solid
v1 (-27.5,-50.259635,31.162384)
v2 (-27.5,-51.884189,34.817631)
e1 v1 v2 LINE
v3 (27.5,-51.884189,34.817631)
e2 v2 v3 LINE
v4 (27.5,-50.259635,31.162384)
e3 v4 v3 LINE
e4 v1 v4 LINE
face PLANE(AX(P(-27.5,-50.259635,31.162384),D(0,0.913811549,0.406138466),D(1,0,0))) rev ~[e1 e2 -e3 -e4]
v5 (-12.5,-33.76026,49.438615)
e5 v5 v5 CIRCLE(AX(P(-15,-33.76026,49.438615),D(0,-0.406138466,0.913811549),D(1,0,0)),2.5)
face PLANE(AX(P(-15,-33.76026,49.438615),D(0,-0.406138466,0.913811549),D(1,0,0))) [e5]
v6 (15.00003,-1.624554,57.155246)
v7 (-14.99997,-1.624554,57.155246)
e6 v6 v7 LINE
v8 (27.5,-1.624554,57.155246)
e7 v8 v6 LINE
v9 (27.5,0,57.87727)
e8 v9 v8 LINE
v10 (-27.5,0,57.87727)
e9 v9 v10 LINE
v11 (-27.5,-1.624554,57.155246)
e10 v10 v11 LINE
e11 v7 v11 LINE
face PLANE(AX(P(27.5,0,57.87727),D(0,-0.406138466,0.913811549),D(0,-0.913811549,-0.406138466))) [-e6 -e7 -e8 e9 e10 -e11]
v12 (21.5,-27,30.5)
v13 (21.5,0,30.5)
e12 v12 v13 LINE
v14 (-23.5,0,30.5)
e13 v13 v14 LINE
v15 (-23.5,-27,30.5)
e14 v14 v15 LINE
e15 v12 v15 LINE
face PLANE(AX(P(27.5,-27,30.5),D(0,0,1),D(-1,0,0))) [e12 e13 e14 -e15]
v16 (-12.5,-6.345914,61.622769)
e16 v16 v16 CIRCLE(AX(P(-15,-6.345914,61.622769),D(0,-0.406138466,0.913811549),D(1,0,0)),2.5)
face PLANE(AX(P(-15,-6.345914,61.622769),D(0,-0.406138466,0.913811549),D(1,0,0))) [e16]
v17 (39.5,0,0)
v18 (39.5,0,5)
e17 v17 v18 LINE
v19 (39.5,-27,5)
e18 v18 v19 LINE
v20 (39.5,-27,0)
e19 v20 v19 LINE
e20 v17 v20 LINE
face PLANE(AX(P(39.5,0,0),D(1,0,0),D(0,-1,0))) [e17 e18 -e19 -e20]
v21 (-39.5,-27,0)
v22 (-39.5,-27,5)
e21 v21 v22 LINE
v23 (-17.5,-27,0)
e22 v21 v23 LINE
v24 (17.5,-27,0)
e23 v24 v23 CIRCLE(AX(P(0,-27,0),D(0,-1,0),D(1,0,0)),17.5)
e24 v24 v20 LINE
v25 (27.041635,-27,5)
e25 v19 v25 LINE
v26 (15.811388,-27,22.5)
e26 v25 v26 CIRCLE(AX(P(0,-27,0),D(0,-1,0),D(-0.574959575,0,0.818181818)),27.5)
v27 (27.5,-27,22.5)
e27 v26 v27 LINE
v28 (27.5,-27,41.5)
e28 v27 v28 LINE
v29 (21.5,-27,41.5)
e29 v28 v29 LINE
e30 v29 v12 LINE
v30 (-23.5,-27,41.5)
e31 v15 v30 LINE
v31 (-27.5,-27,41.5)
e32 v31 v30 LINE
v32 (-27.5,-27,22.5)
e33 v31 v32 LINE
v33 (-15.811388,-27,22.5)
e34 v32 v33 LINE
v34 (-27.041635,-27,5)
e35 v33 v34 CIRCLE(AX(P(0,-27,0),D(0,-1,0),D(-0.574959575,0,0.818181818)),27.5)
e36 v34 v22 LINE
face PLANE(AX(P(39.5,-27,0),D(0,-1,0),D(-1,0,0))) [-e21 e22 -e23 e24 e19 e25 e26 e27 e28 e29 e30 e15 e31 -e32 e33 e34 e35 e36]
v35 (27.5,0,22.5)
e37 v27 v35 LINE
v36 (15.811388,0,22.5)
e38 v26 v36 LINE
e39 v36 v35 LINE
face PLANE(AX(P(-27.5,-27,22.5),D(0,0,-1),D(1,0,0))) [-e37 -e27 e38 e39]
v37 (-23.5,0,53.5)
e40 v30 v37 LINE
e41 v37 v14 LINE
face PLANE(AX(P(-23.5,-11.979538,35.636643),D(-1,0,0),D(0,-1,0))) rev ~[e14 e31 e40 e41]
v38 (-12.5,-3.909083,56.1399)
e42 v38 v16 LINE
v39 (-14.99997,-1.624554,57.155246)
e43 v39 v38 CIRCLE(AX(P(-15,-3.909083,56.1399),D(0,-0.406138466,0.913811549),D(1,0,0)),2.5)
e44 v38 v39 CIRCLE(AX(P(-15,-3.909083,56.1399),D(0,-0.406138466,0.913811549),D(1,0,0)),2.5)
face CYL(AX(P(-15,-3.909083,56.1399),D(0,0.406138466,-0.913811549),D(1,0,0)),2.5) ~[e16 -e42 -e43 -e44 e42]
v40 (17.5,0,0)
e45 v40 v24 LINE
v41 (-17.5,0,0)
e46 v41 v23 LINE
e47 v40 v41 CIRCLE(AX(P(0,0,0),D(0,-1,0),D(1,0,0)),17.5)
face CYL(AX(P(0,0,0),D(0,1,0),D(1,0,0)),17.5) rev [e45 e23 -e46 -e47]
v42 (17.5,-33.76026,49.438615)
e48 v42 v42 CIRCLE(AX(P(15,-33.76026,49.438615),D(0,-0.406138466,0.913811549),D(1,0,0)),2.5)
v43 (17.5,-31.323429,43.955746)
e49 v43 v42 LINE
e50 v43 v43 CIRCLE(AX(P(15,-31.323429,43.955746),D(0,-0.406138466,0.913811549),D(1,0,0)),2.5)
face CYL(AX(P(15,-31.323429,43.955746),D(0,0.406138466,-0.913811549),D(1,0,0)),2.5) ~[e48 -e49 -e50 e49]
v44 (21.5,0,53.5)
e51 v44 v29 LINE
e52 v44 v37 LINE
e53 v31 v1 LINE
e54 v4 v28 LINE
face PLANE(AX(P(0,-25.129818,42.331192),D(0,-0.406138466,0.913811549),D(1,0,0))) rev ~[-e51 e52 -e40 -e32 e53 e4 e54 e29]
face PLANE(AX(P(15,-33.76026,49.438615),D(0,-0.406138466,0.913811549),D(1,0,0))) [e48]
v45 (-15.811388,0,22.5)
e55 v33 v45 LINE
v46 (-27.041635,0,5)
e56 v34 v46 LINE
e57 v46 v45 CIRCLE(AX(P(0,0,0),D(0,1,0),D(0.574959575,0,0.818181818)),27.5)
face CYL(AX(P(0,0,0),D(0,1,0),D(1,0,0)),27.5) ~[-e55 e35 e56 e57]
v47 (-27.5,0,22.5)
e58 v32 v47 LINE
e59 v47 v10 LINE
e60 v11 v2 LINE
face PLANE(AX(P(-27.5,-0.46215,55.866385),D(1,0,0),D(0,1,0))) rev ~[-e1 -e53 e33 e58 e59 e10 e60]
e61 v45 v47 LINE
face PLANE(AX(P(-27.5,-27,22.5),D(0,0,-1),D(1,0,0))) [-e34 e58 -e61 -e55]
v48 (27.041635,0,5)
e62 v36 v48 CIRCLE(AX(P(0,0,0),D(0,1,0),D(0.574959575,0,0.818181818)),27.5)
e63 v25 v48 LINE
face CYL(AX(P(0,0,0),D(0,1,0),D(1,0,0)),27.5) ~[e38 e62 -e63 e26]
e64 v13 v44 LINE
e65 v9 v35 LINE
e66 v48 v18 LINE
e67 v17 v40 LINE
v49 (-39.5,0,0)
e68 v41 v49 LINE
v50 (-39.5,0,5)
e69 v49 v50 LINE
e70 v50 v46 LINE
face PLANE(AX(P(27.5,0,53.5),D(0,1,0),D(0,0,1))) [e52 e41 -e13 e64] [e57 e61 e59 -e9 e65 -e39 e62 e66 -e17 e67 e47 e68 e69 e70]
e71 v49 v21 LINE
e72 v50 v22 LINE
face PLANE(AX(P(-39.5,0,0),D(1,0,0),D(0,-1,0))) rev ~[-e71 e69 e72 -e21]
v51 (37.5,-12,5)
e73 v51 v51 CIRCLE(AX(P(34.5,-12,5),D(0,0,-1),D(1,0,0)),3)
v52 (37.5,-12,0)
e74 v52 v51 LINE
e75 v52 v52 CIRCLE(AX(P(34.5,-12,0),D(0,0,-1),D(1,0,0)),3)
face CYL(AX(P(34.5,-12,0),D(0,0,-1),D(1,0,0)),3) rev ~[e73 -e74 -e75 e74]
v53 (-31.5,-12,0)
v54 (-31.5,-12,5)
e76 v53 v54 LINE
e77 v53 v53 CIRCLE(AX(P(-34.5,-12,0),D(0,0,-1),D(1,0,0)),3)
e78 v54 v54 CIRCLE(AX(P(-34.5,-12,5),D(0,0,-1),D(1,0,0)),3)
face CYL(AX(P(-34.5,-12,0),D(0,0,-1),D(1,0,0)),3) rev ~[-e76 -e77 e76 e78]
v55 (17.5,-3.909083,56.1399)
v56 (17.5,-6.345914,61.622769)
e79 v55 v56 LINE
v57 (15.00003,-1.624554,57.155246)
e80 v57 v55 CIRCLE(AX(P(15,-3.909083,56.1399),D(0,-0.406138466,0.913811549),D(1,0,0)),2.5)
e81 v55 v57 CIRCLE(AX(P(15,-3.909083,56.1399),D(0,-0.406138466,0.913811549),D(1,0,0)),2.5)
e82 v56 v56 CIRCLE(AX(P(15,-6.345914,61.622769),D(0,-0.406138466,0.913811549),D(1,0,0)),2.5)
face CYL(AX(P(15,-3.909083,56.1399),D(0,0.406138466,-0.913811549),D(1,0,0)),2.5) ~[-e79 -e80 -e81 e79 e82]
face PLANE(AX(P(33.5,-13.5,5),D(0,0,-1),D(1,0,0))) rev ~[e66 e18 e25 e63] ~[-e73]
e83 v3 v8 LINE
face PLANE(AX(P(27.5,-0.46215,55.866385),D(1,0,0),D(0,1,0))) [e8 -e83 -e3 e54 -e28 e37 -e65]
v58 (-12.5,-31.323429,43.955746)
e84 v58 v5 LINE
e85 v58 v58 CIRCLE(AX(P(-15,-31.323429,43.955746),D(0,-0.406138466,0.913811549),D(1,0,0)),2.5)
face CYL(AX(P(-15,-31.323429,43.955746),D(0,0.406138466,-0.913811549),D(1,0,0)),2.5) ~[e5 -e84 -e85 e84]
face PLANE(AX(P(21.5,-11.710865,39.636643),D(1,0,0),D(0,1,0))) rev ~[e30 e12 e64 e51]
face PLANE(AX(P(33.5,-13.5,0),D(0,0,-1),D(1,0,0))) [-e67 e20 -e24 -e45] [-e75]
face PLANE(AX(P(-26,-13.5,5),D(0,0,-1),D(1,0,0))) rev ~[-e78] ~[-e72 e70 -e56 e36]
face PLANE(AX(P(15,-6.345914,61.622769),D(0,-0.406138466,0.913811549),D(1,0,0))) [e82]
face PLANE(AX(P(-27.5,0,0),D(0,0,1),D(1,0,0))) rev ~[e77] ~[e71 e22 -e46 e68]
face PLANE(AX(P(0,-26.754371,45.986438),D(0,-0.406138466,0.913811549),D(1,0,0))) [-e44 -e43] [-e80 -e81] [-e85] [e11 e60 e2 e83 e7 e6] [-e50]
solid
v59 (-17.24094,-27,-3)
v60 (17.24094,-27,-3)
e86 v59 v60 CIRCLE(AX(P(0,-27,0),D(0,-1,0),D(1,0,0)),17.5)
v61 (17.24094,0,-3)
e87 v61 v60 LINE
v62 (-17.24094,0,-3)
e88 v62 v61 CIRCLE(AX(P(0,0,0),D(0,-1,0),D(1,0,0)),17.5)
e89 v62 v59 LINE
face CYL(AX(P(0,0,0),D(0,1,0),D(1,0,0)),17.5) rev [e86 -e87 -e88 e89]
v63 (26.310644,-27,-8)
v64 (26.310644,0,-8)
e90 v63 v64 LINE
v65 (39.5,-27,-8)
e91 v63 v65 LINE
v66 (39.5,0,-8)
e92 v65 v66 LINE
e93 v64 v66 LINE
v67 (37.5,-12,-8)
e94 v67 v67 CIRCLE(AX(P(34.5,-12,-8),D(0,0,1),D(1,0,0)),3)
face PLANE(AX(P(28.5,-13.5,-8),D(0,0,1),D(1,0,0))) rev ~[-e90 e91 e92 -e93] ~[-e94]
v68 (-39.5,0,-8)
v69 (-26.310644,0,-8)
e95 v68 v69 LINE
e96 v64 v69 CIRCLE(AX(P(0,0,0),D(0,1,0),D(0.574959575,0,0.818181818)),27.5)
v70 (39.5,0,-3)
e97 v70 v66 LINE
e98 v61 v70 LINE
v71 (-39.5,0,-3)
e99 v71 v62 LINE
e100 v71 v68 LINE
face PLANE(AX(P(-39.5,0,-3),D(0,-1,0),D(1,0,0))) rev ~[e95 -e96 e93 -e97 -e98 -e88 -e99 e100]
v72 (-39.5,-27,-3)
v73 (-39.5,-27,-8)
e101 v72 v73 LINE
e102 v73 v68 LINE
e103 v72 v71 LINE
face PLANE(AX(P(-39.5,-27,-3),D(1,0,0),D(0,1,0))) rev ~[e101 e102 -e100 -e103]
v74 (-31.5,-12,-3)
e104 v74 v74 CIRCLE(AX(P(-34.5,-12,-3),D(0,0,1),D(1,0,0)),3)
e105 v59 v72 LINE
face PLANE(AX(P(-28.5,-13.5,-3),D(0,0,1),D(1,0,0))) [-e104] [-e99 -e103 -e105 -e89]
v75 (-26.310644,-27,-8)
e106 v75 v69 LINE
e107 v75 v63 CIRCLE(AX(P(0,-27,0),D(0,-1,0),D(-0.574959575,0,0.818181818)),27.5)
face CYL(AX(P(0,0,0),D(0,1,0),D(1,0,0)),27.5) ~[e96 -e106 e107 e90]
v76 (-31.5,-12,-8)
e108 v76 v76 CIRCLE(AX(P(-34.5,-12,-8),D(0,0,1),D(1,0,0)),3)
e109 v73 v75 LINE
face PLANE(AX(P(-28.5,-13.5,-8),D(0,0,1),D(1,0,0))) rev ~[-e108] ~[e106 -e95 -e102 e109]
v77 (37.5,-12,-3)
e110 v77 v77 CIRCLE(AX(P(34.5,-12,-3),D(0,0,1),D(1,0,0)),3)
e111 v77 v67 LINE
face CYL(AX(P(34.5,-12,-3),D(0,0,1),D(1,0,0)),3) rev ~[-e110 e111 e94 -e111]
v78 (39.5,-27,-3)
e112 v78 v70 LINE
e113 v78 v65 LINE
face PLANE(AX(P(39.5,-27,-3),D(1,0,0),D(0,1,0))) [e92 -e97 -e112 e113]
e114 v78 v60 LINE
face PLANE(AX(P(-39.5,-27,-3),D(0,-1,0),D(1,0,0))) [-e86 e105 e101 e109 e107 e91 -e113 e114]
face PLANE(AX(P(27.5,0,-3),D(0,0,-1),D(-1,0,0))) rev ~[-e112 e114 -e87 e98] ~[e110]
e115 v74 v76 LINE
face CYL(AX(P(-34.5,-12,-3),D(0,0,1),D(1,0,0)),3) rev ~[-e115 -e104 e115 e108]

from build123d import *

# Parameters (mm, degrees)
F0_R      = 27.5
F0_R_2    = 17.5
F1_DEPTH  = 27
F3_DEPTH  = 27
F5_DEPTH  = 6
F7_DEPTH  = 4
F9_DEPTH  = 27.001
F10_W     = 12
F10_H     = 27
F10_R     = 3
F10_W_2   = 3
F11_DEPTH = 5
F12_W     = 22
F12_H     = 27
F12_R     = 3
F13_DEPTH = 5
F15_DEPTH = 4
F16_R     = 2.5
F17_DEPTH = 6
F19_DEPTH = 55


with BuildPart() as f1:
    # F0 (on Front) → F1 (new body)
    with BuildSketch(Plane.XZ):
        Circle(F0_R)
        Circle(F0_R_2, mode=Mode.SUBTRACT)
    extrude(amount=F1_DEPTH)

    # F2 (on face) → F3 (join)
    with BuildSketch(Plane.XZ.offset(27)):
        with BuildLine():
            ThreePointArc((-15.8113883008, 22.5), (0, 27.5), (15.8113883008, 22.5))
            Line((15.8113883008, 22.5), (27.5, 22.5))
            Line((27.5, 22.5), (27.5, 30.5))
            Line((27.5, 30.5), (-27.5, 30.5))
            Line((-27.5, 30.5), (-27.5, 22.5))
            Line((-27.5, 22.5), (-15.8113883008, 22.5))
        make_face()
        with BuildLine():
            Line((-15.8113883008, 22.5), (15.8113883008, 22.5))
            ThreePointArc((15.8113883008, 22.5), (0, 27.5), (-15.8113883008, 22.5))
        make_face()
    extrude(amount=-F3_DEPTH)

    # F4 (on face) → F5 (join)
    with BuildSketch(Plane.YZ.offset(27.5)):
        Polygon((-27, 41.5), (-27, 30.5), (0, 30.5), (0, 53.5), align=None)
    extrude(amount=-F5_DEPTH)

    # F6 (on face) → F7 (join)
    with BuildSketch(Plane(origin=(-27.5, 0, 0), x_dir=(0, -1, 0), z_dir=(-1, 0, 0))):
        Polygon((27, 41.5), (0, 53.5), (0, 22.5), (27, 22.5), align=None)
    extrude(amount=-F7_DEPTH)

    # F8 (on face) → F9 (cut, through all)
    with BuildSketch(Plane(origin=(0, 0, 0), x_dir=(-1, 0, 0), z_dir=(0, 1, 0))):
        with BuildLine():
            ThreePointArc((-27.3358738657, -3), (-27.45893781, -1.5022431052), (-27.5, 0))
            Line((-27.5, 0), (-27.5, -3))
            Line((-27.5, -3), (-27.3358738657, -3))
        make_face()
        with BuildLine():
            Line((27.5, -3), (27.5, 0))
            ThreePointArc((27.5, 0), (27.45893781, -1.5022431052), (27.3358738657, -3))
            Line((27.3358738657, -3), (27.5, -3))
        make_face()
        with BuildLine():
            ThreePointArc((-17.2409396496, -3), (-17.4351146235, -1.5055823014), (-17.5, 0))
            Line((-17.5, 0), (-27.5, 0))
            ThreePointArc((-27.5, 0), (-27.45893781, -1.5022431052), (-27.3358738657, -3))
            Line((-27.3358738657, -3), (-17.2409396496, -3))
        make_face()
        with BuildLine():
            Line((27.5, 0), (17.5, 0))
            ThreePointArc((17.5, 0), (17.4351146235, -1.5055823014), (17.2409396496, -3))
            Line((17.2409396496, -3), (27.3358738657, -3))
            ThreePointArc((27.3358738657, -3), (27.45893781, -1.5022431052), (27.5, 0))
        make_face()
    extrude(amount=-F9_DEPTH, mode=Mode.SUBTRACT)

    # F10 (on face) → F11 (join)
    with BuildSketch(Plane(origin=(0, 0, 0), x_dir=(1, 0, 0), z_dir=(0, 0, -1))):
        with Locations((33.5, 13.5)):
            Rectangle(F10_W, F10_H)
        with Locations((34.5, 12)):
            Circle(F10_R, mode=Mode.SUBTRACT)
        with Locations((26, 13.5)):
            Rectangle(F10_W_2, F10_H)
        with Locations((-26, 13.5)):
            Rectangle(F10_W_2, F10_H)
        with Locations((-33.5, 13.5)):
            Rectangle(F10_W, F10_H)
        with Locations((-34.5, 12)):
            Circle(F10_R, mode=Mode.SUBTRACT)
    extrude(amount=-F11_DEPTH)

    # F12 (on face) → F13 (join)
    with BuildSketch(Plane.XY.offset(-3)):
        with Locations((-28.5, -13.5)):
            Rectangle(F12_W, F12_H)
        with Locations((-34.5, -12)):
            Circle(F12_R, mode=Mode.SUBTRACT)
        with Locations((28.5, -13.5)):
            Rectangle(F12_W, F12_H)
        with Locations((34.5, -12)):
            Circle(F12_R, mode=Mode.SUBTRACT)
    extrude(amount=-F13_DEPTH)

    # F14 (on face) → F15 (join)
    with BuildSketch(Plane(origin=(0, -19.8556701031, 44.675257732), x_dir=(1, 0, 0), z_dir=(0, -0.4061384661, 0.9138115486))):
        Polygon((27.5, 21.7284079339), (-27.5, 21.7284079339), (-27.5, -33.2715920661), (27.5, -33.2715920661), (27.5, -7.8181654715), align=None)
    extrude(amount=F15_DEPTH)

    # F16 (on face) → F17 (join)
    with BuildSketch(Plane(origin=(0, -21.4802239673, 48.3305039264), x_dir=(1, 0, 0), z_dir=(0, -0.4061384661, 0.9138115486))):
        with Locations((-15, -10.7715920661)):
            Circle(F16_R)
        with Locations((-15, 19.2284079339)):
            Circle(F16_R)
        with Locations((15, 19.2284079339)):
            Circle(F16_R)
        with Locations((15, -10.7715920661)):
            Circle(F16_R)
    extrude(amount=F17_DEPTH)

    # F18 (on face) → F19 (join, through all)
    with BuildSketch(Plane.YZ.offset(27.5)):
        Polygon((0, 57.8772701341), (-1.6245538642, 57.1552461945), (0, 53.5), align=None)
    extrude(amount=-F19_DEPTH)


solid = f1.part
